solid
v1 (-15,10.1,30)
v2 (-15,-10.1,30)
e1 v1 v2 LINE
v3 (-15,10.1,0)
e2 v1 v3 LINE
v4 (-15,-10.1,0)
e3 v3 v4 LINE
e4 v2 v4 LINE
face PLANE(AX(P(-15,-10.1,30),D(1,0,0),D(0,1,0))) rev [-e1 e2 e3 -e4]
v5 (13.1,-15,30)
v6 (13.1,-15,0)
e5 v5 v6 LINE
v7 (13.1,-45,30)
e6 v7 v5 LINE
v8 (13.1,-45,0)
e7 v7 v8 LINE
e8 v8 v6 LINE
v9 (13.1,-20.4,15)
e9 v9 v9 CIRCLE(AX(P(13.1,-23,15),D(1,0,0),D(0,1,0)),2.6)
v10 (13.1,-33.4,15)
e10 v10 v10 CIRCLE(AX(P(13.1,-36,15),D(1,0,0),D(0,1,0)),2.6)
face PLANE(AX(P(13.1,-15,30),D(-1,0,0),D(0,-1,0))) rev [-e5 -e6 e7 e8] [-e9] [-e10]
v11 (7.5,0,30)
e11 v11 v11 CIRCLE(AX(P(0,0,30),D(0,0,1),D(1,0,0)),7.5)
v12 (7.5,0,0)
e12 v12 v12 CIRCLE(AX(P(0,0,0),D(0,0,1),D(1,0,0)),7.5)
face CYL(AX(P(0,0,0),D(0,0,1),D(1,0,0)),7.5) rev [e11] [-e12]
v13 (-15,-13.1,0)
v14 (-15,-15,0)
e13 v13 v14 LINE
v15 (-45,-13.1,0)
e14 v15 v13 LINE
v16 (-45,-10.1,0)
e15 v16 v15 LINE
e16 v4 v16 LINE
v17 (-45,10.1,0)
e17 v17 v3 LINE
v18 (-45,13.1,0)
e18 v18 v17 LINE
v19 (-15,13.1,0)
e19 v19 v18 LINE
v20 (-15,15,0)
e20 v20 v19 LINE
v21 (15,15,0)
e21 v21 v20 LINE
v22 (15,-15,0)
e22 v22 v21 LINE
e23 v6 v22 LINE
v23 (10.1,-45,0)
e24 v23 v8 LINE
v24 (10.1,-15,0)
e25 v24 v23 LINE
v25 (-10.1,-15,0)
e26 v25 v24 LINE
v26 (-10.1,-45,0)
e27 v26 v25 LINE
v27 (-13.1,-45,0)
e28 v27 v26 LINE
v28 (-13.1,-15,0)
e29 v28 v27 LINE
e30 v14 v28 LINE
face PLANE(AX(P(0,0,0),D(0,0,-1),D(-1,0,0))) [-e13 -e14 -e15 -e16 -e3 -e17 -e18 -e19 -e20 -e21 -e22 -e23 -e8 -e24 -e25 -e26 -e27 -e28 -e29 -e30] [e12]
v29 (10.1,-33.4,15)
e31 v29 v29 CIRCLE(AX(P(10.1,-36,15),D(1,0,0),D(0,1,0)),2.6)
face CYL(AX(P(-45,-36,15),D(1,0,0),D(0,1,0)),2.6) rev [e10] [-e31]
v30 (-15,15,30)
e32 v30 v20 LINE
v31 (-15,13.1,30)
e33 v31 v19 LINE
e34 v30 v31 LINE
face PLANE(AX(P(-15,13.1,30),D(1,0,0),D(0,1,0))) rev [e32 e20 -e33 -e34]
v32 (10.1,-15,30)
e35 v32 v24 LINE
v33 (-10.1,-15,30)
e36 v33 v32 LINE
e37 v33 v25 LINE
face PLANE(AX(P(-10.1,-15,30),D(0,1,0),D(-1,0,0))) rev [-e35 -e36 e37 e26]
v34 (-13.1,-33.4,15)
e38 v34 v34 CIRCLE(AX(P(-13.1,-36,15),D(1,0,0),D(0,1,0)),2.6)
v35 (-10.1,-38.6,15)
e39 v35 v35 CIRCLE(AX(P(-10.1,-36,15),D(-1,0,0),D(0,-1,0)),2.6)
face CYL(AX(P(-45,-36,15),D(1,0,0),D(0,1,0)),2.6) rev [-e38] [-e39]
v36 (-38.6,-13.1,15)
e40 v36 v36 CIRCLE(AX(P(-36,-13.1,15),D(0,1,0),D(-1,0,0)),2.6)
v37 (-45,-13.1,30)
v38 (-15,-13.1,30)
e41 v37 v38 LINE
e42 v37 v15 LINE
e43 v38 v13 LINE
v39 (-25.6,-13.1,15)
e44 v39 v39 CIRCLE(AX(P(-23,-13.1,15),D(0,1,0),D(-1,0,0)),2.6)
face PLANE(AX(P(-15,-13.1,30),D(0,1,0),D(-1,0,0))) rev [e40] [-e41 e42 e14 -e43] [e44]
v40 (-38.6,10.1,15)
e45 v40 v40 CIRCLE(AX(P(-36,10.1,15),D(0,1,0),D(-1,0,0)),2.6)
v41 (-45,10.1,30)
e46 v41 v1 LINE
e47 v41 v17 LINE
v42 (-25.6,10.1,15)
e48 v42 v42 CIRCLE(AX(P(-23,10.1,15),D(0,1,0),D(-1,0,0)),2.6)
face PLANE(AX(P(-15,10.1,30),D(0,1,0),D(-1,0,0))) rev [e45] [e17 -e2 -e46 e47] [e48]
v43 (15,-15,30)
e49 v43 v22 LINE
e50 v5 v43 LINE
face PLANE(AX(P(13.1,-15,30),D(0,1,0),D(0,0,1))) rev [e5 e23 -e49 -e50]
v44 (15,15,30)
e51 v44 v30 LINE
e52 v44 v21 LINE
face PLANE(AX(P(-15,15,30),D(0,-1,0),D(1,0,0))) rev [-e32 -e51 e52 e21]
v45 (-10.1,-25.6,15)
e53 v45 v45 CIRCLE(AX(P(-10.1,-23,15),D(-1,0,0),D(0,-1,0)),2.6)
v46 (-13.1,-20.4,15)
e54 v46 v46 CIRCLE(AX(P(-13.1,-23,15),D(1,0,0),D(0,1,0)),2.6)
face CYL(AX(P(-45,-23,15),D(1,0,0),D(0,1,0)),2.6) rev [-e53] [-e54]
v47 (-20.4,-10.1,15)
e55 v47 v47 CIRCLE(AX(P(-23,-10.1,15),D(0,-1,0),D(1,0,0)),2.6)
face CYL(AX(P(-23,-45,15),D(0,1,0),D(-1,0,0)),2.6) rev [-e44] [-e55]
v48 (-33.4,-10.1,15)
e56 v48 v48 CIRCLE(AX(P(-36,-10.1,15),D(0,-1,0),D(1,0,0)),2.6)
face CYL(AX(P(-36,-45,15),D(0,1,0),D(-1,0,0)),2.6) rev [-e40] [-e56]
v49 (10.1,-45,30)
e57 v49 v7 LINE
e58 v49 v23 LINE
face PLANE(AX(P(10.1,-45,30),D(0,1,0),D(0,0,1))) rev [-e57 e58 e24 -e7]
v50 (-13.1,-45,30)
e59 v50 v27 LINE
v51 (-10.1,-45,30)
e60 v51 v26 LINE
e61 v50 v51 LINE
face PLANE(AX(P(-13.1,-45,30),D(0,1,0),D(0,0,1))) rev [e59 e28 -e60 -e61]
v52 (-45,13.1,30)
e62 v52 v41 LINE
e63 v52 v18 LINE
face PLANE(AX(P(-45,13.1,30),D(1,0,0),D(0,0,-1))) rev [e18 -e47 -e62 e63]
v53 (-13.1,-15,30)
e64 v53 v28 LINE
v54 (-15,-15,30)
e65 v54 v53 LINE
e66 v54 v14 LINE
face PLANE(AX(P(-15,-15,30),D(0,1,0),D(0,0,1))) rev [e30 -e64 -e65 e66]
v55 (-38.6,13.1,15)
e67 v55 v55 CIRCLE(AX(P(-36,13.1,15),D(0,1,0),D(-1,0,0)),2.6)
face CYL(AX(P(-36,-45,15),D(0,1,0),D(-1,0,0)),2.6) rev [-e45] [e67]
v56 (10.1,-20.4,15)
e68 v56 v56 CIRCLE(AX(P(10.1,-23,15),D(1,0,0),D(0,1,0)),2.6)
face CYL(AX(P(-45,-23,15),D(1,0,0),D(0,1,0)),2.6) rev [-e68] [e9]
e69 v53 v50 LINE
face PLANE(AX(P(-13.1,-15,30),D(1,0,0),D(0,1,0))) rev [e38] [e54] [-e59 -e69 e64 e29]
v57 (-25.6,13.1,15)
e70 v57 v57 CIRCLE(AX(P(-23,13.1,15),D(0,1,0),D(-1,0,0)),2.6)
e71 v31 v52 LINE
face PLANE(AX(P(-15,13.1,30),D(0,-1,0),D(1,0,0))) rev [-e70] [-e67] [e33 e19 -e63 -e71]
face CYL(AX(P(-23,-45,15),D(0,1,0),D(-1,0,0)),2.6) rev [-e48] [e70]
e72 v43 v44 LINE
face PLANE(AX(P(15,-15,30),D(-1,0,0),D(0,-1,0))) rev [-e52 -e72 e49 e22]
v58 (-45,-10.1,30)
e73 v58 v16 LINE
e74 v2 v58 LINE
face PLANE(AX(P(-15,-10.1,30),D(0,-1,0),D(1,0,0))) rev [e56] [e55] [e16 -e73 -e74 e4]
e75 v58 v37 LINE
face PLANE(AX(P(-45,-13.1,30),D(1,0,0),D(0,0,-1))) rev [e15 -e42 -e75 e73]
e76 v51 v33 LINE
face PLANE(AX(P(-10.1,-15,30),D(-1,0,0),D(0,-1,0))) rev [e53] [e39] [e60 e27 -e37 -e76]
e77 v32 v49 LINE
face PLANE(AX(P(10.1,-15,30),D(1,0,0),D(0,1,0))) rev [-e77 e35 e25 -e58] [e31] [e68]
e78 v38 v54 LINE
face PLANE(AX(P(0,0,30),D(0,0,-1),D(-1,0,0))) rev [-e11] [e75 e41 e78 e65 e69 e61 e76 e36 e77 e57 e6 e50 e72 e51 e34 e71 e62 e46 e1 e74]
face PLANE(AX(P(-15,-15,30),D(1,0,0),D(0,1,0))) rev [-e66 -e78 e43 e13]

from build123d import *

# Parameters (mm, degrees)
EXTRUDE_1_DEPTH     = 30
SKETCH_2_R          = 7.5
CUT_EXTRUDE_1_DEPTH = 71.356236397
SKETCH_5_R          = 2.6
CUT_EXTRUDE_4_DEPTH = 80.376381878
SKETCH_6_R          = 2.6
CUT_EXTRUDE_5_DEPTH = 80.376381878


with BuildPart() as part:
    # 草图1 → 凸台-拉伸1 (new body)
    with BuildSketch(Plane.XY):
        Polygon((-15, -15), (-13.1, -15), (-13.1, -45), (-10.1, -45), (-10.1, -15), (10.1, -15), (10.1, -45), (13.1, -45), (13.1, -15), (15, -15), (15, 15), (-15, 15), (-15, 13.1), (-45, 13.1), (-45, 10.1), (-15, 10.1), (-15, -10.1), (-45, -10.1), (-45, -13.1), (-15, -13.1), align=None)
    extrude(amount=EXTRUDE_1_DEPTH)

    # 草图2 → 切除-拉伸1 (cut, through all)
    with BuildSketch(Plane.XY.offset(30)):
        Circle(SKETCH_2_R)
    extrude(amount=-CUT_EXTRUDE_1_DEPTH, mode=Mode.SUBTRACT)

    # 草图5 → 切除-拉伸4 (cut, through all)
    with BuildSketch(Plane(origin=(13.1, 0, 0), x_dir=(0, 0, -1), z_dir=(1, 0, 0))):
        with Locations(Location((-15, -23, 0), (0, 0, 90))):
            Circle(SKETCH_5_R)
        with Locations(Location((-15, -36, 0), (0, 0, 90))):
            Circle(SKETCH_5_R)
    extrude(amount=-CUT_EXTRUDE_4_DEPTH, mode=Mode.SUBTRACT)

    # 草图6 → 切除-拉伸5 (cut, through all)
    with BuildSketch(Plane(origin=(0, 13.1, 0), x_dir=(1, 0, 0), z_dir=(0, 1, 0))):
        with Locations(Location((-23, -15, 0), (0, 0, 180))):
            Circle(SKETCH_6_R)
        with Locations(Location((-36, -15, 0), (0, 0, 180))):
            Circle(SKETCH_6_R)
    extrude(amount=-CUT_EXTRUDE_5_DEPTH, mode=Mode.SUBTRACT)


solid = part.part
